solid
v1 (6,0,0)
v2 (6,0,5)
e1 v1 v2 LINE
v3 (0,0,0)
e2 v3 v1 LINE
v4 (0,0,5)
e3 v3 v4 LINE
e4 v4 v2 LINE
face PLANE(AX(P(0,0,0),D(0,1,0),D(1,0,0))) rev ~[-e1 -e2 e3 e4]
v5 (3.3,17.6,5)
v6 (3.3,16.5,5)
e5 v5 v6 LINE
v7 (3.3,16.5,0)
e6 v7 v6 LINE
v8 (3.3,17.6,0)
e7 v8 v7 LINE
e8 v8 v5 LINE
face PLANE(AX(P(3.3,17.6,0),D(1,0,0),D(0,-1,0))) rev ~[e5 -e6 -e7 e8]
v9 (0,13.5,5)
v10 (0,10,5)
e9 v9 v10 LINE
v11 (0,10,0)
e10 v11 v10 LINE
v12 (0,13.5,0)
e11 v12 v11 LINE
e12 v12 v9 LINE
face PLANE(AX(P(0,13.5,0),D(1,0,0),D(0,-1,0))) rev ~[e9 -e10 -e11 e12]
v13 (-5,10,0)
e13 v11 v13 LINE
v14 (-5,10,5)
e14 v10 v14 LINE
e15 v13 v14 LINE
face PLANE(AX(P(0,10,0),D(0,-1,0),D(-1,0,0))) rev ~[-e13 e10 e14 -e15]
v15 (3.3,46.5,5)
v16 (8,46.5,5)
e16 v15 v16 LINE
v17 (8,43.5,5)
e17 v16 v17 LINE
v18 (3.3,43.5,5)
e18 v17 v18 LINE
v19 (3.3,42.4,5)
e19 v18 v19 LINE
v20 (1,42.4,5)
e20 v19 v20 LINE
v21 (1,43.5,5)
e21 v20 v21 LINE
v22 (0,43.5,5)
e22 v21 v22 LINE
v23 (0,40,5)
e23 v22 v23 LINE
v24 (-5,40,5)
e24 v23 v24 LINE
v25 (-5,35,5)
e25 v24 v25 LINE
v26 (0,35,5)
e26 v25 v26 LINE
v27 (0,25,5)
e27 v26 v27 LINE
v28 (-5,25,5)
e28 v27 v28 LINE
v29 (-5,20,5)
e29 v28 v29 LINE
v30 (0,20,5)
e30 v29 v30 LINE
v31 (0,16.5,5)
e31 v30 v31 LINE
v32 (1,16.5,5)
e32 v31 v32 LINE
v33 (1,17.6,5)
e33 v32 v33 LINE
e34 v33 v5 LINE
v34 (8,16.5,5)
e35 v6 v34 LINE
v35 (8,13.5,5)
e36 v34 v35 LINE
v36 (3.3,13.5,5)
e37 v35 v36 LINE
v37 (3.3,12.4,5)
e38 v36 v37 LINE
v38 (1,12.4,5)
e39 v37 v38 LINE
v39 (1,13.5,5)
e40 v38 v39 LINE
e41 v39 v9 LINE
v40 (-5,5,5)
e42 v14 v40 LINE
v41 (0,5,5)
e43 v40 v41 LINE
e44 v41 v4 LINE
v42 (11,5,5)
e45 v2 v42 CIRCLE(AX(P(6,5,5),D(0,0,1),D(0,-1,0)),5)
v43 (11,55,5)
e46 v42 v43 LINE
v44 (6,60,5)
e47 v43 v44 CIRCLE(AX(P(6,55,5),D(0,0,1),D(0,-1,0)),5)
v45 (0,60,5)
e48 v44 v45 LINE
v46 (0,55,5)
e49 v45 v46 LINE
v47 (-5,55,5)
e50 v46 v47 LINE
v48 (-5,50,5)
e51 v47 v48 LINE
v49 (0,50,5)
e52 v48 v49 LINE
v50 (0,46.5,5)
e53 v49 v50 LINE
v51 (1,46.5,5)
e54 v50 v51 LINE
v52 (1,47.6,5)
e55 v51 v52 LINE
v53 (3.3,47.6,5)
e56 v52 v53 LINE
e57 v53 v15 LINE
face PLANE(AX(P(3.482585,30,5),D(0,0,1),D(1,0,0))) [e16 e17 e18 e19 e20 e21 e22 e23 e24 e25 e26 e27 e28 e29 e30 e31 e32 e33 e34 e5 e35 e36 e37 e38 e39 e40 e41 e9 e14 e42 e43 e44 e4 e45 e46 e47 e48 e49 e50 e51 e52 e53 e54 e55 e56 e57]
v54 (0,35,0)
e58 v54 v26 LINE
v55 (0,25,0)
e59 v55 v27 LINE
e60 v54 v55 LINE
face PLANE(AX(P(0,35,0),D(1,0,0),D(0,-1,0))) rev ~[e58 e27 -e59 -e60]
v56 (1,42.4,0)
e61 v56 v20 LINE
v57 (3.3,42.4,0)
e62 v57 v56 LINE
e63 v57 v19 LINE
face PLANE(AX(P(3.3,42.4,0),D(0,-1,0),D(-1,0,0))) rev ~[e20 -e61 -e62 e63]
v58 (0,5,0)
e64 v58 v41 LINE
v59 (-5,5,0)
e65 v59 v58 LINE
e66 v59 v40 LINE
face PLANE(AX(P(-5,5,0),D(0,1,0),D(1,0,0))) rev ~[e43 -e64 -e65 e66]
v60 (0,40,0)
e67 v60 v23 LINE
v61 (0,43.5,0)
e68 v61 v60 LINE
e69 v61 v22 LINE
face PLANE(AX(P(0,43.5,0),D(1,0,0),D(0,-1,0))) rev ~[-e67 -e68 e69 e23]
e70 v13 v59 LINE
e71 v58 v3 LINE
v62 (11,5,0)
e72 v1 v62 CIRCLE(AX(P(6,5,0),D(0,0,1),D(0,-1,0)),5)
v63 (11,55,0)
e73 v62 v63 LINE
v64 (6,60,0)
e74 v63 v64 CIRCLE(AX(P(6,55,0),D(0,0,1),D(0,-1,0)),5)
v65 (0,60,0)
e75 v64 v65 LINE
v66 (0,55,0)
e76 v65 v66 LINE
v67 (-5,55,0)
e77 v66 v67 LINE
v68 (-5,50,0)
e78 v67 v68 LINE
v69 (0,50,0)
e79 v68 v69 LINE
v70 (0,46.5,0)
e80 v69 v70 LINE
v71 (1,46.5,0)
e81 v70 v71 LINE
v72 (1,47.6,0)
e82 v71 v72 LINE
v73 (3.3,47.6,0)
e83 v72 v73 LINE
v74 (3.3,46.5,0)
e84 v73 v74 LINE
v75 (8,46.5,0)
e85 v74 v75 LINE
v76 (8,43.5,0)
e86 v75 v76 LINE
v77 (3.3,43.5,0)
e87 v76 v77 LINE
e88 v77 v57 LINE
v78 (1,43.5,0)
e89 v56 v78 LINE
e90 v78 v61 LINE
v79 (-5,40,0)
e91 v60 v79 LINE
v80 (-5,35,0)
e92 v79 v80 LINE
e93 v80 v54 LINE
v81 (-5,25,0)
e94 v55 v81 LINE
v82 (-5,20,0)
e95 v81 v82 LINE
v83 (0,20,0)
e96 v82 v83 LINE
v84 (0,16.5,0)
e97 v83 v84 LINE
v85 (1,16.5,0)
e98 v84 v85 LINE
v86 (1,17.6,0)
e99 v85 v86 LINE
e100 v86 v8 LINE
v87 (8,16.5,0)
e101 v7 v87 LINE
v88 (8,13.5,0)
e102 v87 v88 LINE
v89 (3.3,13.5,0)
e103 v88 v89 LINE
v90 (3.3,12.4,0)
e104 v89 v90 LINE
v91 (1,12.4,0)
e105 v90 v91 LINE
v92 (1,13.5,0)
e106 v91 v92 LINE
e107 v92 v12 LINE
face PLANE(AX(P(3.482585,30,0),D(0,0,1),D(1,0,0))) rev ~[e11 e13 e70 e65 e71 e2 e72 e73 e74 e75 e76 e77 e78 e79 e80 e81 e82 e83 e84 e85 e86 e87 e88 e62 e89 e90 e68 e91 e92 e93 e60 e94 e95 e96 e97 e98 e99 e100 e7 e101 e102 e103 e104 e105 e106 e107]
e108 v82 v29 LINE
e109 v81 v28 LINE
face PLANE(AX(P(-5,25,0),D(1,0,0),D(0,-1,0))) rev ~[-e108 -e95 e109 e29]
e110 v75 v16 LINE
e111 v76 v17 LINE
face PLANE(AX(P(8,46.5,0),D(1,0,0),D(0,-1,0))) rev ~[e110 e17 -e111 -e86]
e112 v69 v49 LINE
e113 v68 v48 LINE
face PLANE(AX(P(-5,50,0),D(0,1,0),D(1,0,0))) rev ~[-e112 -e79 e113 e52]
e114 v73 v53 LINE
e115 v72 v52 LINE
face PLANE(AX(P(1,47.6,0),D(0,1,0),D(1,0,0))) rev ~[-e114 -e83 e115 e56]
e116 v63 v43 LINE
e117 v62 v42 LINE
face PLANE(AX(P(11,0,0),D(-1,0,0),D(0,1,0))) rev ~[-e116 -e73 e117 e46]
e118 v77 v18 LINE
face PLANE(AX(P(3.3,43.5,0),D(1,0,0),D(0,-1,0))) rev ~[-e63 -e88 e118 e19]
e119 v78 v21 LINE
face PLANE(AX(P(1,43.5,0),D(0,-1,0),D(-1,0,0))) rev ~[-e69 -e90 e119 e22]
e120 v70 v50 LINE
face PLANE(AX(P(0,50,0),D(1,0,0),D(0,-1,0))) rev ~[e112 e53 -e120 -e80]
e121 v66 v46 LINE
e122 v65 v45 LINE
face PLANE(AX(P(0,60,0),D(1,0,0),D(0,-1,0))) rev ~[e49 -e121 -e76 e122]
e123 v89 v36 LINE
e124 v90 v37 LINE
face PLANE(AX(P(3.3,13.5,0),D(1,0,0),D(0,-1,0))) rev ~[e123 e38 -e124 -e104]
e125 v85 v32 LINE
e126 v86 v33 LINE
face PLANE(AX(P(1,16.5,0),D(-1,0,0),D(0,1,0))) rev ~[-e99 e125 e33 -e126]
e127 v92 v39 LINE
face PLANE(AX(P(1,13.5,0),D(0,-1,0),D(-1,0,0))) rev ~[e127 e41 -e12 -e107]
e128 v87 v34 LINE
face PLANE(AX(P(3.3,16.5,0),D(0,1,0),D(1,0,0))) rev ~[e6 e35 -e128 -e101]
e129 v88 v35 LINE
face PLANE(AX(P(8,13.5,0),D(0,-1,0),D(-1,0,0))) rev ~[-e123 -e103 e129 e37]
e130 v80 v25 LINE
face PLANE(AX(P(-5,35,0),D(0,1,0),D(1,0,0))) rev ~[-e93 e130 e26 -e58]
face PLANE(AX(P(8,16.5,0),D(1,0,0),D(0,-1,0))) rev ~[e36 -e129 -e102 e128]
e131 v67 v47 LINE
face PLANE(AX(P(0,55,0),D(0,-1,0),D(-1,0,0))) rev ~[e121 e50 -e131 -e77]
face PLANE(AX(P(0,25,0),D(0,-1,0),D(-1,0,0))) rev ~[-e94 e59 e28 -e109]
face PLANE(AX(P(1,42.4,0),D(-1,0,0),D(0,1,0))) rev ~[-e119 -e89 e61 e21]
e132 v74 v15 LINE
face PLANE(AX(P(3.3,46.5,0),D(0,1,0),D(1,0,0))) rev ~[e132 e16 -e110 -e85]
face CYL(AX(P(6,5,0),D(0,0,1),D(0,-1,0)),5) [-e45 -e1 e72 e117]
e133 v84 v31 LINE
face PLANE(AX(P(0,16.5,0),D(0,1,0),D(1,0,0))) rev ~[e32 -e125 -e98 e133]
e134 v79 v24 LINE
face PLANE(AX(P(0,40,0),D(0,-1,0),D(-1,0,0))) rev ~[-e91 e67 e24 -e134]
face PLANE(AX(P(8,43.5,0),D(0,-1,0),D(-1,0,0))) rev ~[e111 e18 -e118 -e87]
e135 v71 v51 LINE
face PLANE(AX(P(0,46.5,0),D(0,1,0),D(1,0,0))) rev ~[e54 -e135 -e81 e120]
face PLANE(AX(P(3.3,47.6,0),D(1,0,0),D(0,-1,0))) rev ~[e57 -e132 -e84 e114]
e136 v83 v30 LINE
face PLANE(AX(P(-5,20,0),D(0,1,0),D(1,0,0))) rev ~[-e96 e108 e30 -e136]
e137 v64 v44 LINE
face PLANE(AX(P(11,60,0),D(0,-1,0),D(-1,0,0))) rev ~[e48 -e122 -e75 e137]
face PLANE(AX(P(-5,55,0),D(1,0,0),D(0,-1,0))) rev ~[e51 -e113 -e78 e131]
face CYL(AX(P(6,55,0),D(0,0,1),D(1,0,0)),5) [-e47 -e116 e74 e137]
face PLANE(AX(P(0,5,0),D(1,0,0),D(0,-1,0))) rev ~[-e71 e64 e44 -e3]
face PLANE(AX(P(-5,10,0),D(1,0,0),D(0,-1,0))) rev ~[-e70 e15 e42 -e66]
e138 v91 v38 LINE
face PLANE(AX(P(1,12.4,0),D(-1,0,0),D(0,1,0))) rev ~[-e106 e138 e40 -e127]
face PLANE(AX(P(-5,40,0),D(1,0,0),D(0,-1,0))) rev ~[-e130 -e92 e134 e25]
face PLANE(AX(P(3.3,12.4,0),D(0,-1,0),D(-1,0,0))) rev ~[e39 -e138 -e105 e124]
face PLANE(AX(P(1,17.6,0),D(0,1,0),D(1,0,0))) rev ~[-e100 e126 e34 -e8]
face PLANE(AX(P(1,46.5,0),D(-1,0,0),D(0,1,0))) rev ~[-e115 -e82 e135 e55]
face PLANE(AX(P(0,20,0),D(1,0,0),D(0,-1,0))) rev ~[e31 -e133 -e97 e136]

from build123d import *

# Parameters (mm, degrees)
BOSS_EXTRUDE1_DEPTH = 5
FILLET1_R           = 5


with BuildPart() as part:
    # Sketch1 → Boss-Extrude1 (new body)
    with BuildSketch(Plane.XY):
        Polygon((0, 60), (0, 55), (-5, 55), (-5, 50), (0, 50), (0, 46.5), (1, 46.5), (1, 47.6), (3.3, 47.6), (3.3, 46.5), (8, 46.5), (8, 43.5), (3.3, 43.5), (3.3, 42.4), (1, 42.4), (1, 43.5), (0, 43.5), (0, 40), (-5, 40), (-5, 35), (0, 35), (0, 25), (-5, 25), (-5, 20), (0, 20), (0, 16.5), (1, 16.5), (1, 17.6), (3.3, 17.6), (3.3, 16.5), (8, 16.5), (8, 13.5), (3.3, 13.5), (3.3, 12.4), (1, 12.4), (1, 13.5), (0, 13.5), (0, 10), (-5, 10), (-5, 5), (0, 5), (0, 0), (11, 0), (11, 60), align=None)
    extrude(amount=BOSS_EXTRUDE1_DEPTH)

    # Fillet1
    fillet1_edges = [part.edges().sort_by_distance(p)[0] for p in [
        (11, 60, 2.5),
        (11, 0, 2.5),
    ]]
    fillet(fillet1_edges, radius=FILLET1_R)


solid = part.part
